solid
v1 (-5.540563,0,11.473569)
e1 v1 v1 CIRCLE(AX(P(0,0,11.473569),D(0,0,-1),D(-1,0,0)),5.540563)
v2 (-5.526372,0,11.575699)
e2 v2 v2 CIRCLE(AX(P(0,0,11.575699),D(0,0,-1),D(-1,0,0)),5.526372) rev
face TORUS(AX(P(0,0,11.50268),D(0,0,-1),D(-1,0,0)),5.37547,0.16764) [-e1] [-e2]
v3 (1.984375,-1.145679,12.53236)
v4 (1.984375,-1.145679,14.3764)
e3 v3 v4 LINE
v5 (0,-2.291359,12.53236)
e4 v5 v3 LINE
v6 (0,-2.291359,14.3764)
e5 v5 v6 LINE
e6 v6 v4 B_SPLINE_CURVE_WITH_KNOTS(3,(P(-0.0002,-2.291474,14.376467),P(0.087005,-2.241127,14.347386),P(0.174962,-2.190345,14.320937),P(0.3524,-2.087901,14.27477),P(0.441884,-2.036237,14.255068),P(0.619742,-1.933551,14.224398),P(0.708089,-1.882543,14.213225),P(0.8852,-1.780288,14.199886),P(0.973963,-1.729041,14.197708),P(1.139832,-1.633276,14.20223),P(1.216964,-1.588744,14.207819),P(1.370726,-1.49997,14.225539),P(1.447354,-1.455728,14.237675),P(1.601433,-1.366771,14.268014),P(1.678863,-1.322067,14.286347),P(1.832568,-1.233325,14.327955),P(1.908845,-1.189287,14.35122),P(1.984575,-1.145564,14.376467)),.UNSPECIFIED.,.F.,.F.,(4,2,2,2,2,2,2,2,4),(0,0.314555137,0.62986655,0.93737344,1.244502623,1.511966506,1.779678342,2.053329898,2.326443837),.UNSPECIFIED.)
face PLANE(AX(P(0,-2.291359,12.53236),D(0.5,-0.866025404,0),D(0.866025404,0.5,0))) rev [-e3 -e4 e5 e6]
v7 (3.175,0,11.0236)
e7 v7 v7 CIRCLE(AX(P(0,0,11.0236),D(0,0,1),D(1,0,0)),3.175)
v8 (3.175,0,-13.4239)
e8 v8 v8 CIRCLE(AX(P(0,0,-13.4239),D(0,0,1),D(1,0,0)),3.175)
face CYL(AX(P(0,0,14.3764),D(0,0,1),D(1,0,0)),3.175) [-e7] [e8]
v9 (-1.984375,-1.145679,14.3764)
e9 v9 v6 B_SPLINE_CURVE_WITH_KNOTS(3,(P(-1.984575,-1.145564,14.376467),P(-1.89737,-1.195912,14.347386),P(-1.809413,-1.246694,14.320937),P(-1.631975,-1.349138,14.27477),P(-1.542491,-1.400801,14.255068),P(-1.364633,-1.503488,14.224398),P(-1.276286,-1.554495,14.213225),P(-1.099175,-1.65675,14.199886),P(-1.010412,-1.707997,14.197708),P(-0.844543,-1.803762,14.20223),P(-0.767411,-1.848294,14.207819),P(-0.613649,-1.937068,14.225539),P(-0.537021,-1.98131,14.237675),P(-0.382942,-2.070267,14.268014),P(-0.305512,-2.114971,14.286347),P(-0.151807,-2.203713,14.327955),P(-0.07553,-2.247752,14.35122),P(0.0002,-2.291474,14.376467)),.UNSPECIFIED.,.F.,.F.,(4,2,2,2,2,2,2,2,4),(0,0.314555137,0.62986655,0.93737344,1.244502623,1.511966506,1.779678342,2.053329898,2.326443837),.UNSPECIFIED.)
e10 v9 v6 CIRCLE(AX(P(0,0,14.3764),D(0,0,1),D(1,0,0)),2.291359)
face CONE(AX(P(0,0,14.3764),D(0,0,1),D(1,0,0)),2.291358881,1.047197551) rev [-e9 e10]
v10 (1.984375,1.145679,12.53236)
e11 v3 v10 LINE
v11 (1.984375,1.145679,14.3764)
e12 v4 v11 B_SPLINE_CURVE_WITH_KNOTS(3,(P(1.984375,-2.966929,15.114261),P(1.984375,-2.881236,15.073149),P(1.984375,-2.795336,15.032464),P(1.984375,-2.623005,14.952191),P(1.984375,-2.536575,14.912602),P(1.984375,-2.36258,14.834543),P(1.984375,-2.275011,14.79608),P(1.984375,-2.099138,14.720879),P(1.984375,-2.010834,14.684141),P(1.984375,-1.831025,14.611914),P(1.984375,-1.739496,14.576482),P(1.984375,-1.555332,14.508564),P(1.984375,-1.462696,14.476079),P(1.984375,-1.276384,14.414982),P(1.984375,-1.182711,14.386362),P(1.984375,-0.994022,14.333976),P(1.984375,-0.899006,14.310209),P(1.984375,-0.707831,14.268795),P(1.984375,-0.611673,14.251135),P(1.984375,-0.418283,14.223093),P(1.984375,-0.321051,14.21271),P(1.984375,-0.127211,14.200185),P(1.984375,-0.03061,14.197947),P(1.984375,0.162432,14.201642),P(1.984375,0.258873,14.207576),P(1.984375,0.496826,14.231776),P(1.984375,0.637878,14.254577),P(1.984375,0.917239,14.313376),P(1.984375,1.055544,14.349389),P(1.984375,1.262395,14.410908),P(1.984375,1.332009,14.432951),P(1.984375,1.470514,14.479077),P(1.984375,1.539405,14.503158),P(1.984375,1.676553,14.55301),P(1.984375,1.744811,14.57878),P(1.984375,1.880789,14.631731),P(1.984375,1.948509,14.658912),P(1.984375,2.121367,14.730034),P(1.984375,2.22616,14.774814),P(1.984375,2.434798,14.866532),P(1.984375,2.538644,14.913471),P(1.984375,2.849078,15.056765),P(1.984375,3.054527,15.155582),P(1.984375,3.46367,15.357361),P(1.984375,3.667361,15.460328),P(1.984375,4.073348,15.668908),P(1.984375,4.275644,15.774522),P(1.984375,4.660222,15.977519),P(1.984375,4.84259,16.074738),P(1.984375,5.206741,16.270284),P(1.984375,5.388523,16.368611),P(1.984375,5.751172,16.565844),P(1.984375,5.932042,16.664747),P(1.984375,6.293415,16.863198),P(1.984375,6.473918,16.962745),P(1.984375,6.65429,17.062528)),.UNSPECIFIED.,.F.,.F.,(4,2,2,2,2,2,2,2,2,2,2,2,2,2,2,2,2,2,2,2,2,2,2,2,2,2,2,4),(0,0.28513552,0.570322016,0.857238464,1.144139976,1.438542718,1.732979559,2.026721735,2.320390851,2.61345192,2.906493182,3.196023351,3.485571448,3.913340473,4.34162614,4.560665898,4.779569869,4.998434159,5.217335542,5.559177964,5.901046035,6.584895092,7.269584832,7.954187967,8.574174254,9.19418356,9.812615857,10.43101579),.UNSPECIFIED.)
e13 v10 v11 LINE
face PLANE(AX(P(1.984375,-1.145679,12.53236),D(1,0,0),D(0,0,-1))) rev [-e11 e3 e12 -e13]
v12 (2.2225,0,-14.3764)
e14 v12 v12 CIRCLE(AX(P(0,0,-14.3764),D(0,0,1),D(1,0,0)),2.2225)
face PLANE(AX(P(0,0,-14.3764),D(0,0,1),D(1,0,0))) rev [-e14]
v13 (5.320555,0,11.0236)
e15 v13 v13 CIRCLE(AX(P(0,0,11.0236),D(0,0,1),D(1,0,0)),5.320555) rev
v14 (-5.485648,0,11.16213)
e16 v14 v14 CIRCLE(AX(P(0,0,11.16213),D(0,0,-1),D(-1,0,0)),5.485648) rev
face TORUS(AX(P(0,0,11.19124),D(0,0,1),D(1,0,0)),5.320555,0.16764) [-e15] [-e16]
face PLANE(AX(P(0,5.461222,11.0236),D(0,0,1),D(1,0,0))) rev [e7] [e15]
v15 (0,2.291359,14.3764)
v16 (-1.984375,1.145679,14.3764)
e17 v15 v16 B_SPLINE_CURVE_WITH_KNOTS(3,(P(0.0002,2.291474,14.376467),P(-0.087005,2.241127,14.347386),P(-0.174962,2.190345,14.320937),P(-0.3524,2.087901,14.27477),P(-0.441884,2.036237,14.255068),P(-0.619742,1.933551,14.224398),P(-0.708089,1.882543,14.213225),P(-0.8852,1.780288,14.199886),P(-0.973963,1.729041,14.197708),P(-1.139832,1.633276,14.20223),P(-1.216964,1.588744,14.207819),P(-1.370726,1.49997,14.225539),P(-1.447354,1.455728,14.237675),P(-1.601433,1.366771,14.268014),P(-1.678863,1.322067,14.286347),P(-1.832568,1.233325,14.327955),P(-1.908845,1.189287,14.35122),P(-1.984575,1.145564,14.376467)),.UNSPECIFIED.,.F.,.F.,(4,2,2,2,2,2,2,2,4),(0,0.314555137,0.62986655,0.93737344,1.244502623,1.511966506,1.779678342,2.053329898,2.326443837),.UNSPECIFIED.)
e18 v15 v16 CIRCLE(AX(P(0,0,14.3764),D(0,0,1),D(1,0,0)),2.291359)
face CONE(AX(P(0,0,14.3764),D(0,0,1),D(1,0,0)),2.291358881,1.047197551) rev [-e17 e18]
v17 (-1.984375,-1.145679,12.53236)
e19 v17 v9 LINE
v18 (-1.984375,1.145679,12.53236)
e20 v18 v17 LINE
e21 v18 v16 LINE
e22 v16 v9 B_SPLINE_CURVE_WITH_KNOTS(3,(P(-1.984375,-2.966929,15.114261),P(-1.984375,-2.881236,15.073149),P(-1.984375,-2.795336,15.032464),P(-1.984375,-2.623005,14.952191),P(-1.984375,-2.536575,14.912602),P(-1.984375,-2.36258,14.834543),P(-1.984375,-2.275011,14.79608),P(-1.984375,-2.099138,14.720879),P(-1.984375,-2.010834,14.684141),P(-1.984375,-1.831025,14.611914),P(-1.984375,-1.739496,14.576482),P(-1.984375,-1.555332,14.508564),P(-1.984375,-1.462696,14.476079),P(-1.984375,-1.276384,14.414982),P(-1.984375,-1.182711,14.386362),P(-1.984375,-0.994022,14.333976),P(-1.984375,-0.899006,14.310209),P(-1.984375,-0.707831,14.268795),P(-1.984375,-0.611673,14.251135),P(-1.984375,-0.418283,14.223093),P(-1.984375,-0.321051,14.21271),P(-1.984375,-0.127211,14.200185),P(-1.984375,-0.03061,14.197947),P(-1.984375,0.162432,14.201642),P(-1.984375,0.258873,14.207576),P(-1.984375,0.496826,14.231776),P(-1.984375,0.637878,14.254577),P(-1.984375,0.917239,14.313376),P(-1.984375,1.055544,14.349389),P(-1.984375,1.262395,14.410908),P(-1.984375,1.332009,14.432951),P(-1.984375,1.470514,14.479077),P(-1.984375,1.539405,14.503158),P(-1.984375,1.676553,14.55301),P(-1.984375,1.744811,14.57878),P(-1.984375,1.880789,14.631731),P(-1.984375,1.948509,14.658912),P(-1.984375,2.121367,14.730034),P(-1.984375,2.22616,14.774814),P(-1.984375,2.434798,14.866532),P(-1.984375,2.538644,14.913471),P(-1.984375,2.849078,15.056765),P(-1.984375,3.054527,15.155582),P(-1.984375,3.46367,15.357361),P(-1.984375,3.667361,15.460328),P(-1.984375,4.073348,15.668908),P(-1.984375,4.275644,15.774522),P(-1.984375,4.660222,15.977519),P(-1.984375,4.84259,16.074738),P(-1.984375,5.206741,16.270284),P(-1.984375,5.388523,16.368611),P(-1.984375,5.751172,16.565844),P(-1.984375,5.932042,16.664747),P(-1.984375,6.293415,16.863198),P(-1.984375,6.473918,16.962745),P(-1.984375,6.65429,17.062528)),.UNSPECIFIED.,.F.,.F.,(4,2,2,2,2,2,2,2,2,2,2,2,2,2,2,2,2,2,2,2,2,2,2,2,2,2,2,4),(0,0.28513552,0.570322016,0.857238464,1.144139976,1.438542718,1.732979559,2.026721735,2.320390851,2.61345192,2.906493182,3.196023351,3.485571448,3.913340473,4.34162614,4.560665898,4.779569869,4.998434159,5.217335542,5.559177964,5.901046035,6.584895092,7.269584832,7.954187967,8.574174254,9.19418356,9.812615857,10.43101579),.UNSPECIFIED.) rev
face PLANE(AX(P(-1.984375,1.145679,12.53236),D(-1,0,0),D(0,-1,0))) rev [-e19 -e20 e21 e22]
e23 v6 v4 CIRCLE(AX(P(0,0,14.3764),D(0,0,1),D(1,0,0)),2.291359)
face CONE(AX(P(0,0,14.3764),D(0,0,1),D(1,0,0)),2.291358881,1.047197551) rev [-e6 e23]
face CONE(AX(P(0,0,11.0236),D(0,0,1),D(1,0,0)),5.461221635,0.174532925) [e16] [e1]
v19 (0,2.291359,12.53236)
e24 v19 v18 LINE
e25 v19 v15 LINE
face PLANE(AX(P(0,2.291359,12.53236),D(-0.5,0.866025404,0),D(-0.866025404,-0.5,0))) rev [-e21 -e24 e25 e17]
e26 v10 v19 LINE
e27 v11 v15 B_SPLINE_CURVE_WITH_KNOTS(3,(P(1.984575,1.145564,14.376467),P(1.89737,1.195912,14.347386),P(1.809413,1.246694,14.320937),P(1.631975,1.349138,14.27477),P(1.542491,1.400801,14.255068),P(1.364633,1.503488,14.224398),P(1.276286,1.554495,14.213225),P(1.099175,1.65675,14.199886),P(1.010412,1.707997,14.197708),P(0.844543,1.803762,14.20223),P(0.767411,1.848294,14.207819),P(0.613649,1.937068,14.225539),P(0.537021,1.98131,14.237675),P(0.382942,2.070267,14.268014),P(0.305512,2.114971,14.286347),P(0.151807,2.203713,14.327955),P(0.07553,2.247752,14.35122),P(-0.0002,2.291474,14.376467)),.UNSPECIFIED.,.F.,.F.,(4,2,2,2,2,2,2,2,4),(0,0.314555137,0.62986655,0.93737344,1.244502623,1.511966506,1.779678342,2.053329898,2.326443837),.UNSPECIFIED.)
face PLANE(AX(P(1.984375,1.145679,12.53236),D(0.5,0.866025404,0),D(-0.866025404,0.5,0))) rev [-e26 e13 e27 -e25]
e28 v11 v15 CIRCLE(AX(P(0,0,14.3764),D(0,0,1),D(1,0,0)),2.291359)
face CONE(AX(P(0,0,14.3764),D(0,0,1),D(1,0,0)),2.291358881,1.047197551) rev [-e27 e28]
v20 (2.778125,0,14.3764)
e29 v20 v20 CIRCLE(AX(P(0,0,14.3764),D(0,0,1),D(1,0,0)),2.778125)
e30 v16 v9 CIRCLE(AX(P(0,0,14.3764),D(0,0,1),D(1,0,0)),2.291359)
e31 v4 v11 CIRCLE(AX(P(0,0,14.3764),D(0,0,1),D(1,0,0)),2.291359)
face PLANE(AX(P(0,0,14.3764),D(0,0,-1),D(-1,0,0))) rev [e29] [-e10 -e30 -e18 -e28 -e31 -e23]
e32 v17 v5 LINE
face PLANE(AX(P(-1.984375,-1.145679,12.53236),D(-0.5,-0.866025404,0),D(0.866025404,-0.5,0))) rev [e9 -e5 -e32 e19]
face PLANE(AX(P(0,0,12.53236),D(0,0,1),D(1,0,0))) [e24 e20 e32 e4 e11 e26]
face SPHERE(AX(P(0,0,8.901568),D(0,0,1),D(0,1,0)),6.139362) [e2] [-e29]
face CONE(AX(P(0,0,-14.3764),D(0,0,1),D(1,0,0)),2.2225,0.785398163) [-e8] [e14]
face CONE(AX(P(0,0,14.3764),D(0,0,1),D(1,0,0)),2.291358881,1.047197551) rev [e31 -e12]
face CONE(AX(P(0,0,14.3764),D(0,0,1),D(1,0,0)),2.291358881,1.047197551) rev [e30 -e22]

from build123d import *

# Parameters (mm, degrees)
CUT_EXTRUDE1_DEPTH = 1.84404
SKETCH5_R          = 2.291358881
CUT_EXTRUDE2_DEPTH = 1.84404
CUT_EXTRUDE2_DRAFT = -60
FILLET1_R          = 0.16764


with BuildPart() as part:
    # Sketch3 → Revolve1 (revolve)
    with BuildSketch(Plane(origin=(0, 0, 0), x_dir=(0, 0, -1), z_dir=(1, 0, 0))):
        with BuildLine():
            Line((-14.3764, 0), (-14.3764, 2.778125))
            ThreePointArc((-14.3764, 2.778125), (-13.182024687, 4.401074199), (-11.52652, 5.5499))
            Line((-11.52652, 5.5499), (-11.0236, 5.461221635))
            Line((-11.0236, 5.461221635), (-11.0236, 3.175))
            Line((-11.0236, 3.175), (13.4239, 3.175))
            Line((13.4239, 3.175), (14.3764, 2.2225))
            Line((14.3764, 2.2225), (14.3764, 0))
            Line((14.3764, 0), (-14.3764, 0))
        make_face()
    revolve(axis=Axis((0, 0, 14.3764), (0, 0, -1)))

    # Sketch4 → Cut-Extrude1 (cut)
    with BuildSketch(Plane.XY.offset(14.3764)):
        Polygon((-1.984375, -1.14567944), (0, -2.291358881), (1.984375, -1.14567944), (1.984375, 1.14567944), (0, 2.291358881), (-1.984375, 1.14567944), align=None)
    extrude(amount=-CUT_EXTRUDE1_DEPTH, mode=Mode.SUBTRACT)


with BuildPart() as cut_extrude2_tool:
    # Sketch5 → Cut-Extrude2 (with draft: the straight prism first)
    with BuildSketch(Plane.XY.offset(14.3764)):
        Circle(SKETCH5_R)
    extrude(amount=-CUT_EXTRUDE2_DEPTH)
    # Cut-Extrude2: the draft: its side faces are tilted about the plane it starts from
    cut_extrude2_sides = [cut_extrude2_tool.faces().sort_by_distance(p)[0] for p in [
        (-2.291358881, 0, 13.45438),
    ]]
    draft(cut_extrude2_sides, Plane.XY.offset(14.3764), CUT_EXTRUDE2_DRAFT)


with BuildPart() as part_1:
    add(part.part)

    # Cut-Extrude2: cut by cut_extrude2_tool
    add(cut_extrude2_tool.part, mode=Mode.SUBTRACT)

    # Fillet1
    fillet1_edges = [part_1.edges().sort_by_distance(p)[0] for p in [
        (0, -5.461221635, 11.0236),
        (0, -5.5499, 11.52652),
    ]]
    fillet(fillet1_edges, radius=FILLET1_R)


solid = part_1.part
